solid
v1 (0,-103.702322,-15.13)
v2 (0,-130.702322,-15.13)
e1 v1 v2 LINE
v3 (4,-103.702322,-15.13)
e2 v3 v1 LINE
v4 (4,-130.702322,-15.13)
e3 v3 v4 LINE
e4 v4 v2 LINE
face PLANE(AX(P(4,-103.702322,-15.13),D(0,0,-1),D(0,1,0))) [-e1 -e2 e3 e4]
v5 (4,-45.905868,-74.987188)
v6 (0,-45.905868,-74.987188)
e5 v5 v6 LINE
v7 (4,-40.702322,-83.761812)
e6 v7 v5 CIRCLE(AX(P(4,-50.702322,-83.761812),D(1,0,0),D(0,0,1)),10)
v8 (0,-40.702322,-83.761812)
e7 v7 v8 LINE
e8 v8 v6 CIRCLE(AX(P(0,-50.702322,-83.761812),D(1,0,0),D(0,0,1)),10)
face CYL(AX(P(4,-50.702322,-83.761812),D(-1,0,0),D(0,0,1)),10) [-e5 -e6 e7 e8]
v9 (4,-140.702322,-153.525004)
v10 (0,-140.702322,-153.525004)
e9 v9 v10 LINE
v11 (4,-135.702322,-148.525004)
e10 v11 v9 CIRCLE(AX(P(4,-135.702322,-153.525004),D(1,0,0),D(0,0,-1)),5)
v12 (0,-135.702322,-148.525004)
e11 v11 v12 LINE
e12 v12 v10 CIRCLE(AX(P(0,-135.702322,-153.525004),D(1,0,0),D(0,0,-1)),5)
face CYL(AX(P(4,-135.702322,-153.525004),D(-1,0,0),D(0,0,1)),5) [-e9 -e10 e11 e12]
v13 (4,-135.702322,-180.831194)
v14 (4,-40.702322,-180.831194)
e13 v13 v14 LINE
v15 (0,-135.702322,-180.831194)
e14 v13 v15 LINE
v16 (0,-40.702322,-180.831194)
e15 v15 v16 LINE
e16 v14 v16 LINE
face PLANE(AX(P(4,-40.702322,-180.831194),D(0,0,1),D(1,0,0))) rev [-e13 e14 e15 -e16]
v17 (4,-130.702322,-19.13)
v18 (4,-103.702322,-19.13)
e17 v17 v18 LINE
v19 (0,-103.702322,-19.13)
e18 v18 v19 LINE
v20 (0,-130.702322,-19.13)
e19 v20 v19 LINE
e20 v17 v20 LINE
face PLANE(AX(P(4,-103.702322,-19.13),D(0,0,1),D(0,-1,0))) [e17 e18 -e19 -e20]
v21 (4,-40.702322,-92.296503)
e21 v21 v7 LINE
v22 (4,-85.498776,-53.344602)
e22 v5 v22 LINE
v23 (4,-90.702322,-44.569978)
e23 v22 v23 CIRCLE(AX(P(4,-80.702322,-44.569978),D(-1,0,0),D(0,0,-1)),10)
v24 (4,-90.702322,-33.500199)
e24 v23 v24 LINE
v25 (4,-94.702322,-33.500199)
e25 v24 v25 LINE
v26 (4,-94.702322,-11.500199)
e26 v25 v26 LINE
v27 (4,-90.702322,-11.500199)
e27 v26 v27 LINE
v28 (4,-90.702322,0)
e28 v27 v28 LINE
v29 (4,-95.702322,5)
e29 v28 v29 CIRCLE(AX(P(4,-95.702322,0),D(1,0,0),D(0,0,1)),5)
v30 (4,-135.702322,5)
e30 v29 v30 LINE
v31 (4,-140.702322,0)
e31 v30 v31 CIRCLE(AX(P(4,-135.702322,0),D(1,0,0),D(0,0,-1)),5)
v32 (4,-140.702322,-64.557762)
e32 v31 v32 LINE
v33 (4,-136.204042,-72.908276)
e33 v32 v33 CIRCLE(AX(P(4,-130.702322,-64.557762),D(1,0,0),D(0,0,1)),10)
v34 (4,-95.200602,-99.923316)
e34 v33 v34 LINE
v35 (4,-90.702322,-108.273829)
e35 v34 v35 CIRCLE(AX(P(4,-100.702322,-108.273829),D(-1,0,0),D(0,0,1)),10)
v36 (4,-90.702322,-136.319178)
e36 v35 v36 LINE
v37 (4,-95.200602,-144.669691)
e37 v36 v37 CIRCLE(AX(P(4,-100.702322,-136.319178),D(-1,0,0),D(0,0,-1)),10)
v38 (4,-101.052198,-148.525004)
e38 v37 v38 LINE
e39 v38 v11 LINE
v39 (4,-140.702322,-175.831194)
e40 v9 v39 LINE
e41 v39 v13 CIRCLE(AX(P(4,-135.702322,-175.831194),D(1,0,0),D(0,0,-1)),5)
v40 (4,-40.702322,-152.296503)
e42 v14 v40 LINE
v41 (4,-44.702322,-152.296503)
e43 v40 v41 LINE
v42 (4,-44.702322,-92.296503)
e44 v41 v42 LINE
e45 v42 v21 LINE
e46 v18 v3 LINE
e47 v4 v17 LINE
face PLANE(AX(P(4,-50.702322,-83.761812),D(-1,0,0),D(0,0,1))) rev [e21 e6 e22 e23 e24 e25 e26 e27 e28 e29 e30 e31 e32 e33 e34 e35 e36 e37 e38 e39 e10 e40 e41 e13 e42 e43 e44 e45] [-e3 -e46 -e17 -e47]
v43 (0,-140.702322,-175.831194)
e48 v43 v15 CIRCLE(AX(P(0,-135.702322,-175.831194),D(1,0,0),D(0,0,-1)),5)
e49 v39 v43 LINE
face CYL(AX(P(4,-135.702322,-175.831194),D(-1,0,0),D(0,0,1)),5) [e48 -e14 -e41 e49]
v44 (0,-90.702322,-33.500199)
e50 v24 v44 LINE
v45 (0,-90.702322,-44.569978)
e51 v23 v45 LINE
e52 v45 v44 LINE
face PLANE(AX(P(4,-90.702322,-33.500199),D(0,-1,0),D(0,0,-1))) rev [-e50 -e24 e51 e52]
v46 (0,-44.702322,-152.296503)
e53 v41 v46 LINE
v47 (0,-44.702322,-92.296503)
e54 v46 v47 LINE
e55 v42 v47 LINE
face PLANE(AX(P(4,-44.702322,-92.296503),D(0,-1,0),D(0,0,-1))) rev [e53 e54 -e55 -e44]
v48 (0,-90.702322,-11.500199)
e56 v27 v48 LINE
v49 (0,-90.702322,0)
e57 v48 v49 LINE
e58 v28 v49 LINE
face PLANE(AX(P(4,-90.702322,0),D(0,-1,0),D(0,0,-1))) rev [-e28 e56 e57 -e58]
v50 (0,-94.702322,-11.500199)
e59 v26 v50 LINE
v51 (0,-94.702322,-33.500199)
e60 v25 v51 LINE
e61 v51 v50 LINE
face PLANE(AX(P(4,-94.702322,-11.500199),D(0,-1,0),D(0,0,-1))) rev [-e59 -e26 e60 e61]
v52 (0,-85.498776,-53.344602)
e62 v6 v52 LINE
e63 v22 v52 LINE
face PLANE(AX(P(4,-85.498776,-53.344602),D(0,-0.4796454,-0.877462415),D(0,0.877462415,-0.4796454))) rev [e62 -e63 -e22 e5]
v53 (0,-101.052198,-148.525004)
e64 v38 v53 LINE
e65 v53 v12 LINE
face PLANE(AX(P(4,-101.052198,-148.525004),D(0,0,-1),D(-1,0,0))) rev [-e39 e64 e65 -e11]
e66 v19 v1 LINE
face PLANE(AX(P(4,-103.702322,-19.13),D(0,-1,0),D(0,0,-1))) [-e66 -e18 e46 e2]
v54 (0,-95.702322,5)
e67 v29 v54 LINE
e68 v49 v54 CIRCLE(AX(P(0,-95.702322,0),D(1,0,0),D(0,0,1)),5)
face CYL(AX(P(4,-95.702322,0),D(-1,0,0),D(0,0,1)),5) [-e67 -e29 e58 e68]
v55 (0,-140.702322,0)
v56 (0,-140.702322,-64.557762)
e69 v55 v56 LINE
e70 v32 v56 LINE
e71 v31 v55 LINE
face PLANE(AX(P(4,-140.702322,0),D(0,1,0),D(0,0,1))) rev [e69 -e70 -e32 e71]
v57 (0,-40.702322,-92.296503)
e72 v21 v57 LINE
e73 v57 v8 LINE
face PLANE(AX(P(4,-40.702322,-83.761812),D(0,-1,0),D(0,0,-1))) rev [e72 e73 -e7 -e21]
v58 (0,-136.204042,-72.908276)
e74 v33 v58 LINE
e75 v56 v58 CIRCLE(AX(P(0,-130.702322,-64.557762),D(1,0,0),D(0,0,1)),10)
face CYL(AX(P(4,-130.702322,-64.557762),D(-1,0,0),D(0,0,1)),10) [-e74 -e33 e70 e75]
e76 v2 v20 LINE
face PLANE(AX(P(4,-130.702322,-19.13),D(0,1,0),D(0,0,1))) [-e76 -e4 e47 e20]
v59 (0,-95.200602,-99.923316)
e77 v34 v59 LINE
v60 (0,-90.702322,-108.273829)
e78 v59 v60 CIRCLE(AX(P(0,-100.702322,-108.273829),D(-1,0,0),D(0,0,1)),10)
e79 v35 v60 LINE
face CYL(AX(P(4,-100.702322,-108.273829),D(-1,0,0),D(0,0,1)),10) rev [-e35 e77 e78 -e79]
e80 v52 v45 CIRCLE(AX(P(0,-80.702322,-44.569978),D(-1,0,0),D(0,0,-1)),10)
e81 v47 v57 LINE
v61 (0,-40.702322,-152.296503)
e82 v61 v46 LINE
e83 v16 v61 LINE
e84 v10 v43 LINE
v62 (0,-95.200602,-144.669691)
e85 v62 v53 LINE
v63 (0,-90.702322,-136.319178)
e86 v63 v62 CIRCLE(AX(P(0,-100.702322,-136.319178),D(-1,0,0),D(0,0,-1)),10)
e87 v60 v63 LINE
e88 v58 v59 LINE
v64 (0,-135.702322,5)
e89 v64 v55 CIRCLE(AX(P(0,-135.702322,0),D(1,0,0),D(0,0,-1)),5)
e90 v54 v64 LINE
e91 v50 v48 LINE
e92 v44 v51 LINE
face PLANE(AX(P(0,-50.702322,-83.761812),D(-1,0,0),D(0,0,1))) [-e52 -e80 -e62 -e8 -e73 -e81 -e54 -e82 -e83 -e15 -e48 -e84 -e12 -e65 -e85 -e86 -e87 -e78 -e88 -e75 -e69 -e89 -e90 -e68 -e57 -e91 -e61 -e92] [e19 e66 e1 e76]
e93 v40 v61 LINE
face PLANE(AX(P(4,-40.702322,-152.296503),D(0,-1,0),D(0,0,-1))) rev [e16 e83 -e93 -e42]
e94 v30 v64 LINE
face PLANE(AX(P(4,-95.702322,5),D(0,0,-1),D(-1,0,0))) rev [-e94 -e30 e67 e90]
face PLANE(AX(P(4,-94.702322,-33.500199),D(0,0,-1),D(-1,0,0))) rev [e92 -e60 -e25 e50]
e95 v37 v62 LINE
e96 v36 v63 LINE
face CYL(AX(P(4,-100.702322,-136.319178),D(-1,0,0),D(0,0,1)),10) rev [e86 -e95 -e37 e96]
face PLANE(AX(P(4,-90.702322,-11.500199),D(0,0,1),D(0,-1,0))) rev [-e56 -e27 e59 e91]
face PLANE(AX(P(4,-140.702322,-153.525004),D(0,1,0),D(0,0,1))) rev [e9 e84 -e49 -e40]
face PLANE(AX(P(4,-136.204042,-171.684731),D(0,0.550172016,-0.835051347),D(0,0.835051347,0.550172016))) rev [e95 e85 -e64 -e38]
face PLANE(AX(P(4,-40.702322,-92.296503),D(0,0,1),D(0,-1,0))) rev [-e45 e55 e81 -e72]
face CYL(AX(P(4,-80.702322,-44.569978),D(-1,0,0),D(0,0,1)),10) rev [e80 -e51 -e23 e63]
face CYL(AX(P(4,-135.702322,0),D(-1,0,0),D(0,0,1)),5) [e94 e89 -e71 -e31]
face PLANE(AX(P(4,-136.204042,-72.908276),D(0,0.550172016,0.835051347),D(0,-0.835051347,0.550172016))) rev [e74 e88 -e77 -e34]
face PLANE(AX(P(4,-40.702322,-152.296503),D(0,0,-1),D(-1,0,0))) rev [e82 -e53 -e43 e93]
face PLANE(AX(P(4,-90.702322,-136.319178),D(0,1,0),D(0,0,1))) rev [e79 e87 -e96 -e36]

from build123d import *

# Parameters (mm, degrees)
SKETCH2_W           = 4
SKETCH2_H           = 27
BOSS_EXTRUDE1_DEPTH = 4
CUT_EXTRUDE1_DEPTH  = 10
BOSS_EXTRUDE2_DEPTH = 4


with BuildPart() as part:
    # Sketch2 → Boss-Extrude1 (new body)
    with BuildSketch(Plane(origin=(0, 0, 0), x_dir=(0, 0, -1), z_dir=(1, 0, 0))):
        with BuildLine():
            Line((53.344601804, -85.498776043), (74.987188297, -45.905868036))
            ThreePointArc((74.987188297, -45.905868036), (78.661054663, -42.101027368), (83.761812448, -40.70232204))
            Line((83.761812448, -40.70232204), (92.296503371, -40.70232204))
            Line((92.296503371, -40.70232204), (92.296503371, -44.70232204))
            Line((92.296503371, -44.70232204), (152.296503371, -44.70232204))
            Line((152.296503371, -44.70232204), (152.296503371, -40.70232204))
            Line((152.296503371, -40.70232204), (160.831194294, -40.70232204))
            ThreePointArc((160.831194294, -40.70232204), (165.931952079, -42.101027368), (169.605818445, -45.905868036))
            Line((169.605818445, -45.905868036), (191.248404938, -85.498776043))
            ThreePointArc((191.248404938, -85.498776043), (194.922271304, -89.303616711), (200.023029089, -90.70232204))
            Line((200.023029089, -90.70232204), (206.057918615, -90.70232204))
            Line((206.057918615, -90.70232204), (211.09280814, -90.70232204))
            Line((211.09280814, -90.70232204), (211.09280814, -94.70232204))
            Line((211.09280814, -94.70232204), (233.09280814, -94.70232204))
            Line((233.09280814, -94.70232204), (233.09280814, -90.70232204))
            Line((233.09280814, -90.70232204), (244.938223676, -90.70232204))
            ThreePointArc((244.938223676, -90.70232204), (248.5155042, -92.209033609), (249.936812742, -95.821096417))
            Line((249.936812742, -95.821096417), (248.986349517, -135.821096417))
            ThreePointArc((248.986349517, -135.821096417), (247.481048882, -139.279602563), (243.987760452, -140.70232204))
            Line((243.987760452, -140.70232204), (180.035244387, -140.70232204))
            ThreePointArc((180.035244387, -140.70232204), (175.292734587, -139.506218949), (171.684730912, -136.204042199))
            Line((171.684730912, -136.204042199), (144.669691073, -95.20060188))
            ThreePointArc((144.669691073, -95.20060188), (141.061687399, -91.89842513), (136.319177599, -90.70232204))
            Line((136.319177599, -90.70232204), (108.273829143, -90.70232204))
            ThreePointArc((108.273829143, -90.70232204), (103.531319343, -91.89842513), (99.923315669, -95.20060188))
            Line((99.923315669, -95.20060188), (72.90827583, -136.204042199))
            ThreePointArc((72.90827583, -136.204042199), (69.300272155, -139.506218949), (64.557762355, -140.70232204))
            Line((64.557762355, -140.70232204), (0, -140.70232204))
            ThreePointArc((0, -140.70232204), (-3.535533906, -139.237855945), (-5, -135.70232204))
            Line((-5, -135.70232204), (-5, -95.70232204))
            ThreePointArc((-5, -95.70232204), (-3.535533906, -92.166788134), (0, -90.70232204))
            Line((0, -90.70232204), (11.500198602, -90.70232204))
            Line((11.500198602, -90.70232204), (11.500198602, -94.70232204))
            Line((11.500198602, -94.70232204), (33.500198602, -94.70232204))
            Line((33.500198602, -94.70232204), (33.500198602, -90.70232204))
            Line((33.500198602, -90.70232204), (38.535088127, -90.70232204))
            Line((38.535088127, -90.70232204), (44.569977653, -90.70232204))
            ThreePointArc((44.569977653, -90.70232204), (49.670735438, -89.303616711), (53.344601804, -85.498776043))
        make_face()
        with Locations((227.463006742, -117.20232204)):
            Rectangle(SKETCH2_W, SKETCH2_H, mode=Mode.SUBTRACT)
        with Locations((17.13, -117.20232204)):
            Rectangle(SKETCH2_W, SKETCH2_H, mode=Mode.SUBTRACT)
    extrude(amount=BOSS_EXTRUDE1_DEPTH)

    # Sketch3 → Cut-Extrude1 (cut)
    with BuildSketch(Plane(origin=(0, 0, 0), x_dir=(0, 0, -1), z_dir=(1, 0, 0))):
        Polygon((160.831194294, -40.70232204), (160.831194294, -144.460869934), (257.875348239, -144.460869934), (257.875348239, -25.544082069), (160.831194294, -34.903829247), align=None)
    extrude(amount=CUT_EXTRUDE1_DEPTH, mode=Mode.SUBTRACT)

    # Sketch4 → Boss-Extrude2 (add)
    with BuildSketch(Plane(origin=(0, 0, 0), x_dir=(0, 0, -1), z_dir=(1, 0, 0))):
        with BuildLine():
            Line((160.831194294, -40.70232204), (180.831194294, -40.70232204))
            Line((180.831194294, -40.70232204), (180.831194294, -135.70232204))
            ThreePointArc((180.831194294, -135.70232204), (179.3667282, -139.237855945), (175.831194294, -140.70232204))
            Line((175.831194294, -140.70232204), (153.525004458, -140.70232204))
            ThreePointArc((153.525004458, -140.70232204), (149.989470552, -139.237855945), (148.525004458, -135.70232204))
            Line((148.525004458, -135.70232204), (148.525004458, -101.052198369))
            Line((148.525004458, -101.052198369), (160.831194294, -40.70232204))
        make_face()
    extrude(amount=BOSS_EXTRUDE2_DEPTH)


solid = part.part
